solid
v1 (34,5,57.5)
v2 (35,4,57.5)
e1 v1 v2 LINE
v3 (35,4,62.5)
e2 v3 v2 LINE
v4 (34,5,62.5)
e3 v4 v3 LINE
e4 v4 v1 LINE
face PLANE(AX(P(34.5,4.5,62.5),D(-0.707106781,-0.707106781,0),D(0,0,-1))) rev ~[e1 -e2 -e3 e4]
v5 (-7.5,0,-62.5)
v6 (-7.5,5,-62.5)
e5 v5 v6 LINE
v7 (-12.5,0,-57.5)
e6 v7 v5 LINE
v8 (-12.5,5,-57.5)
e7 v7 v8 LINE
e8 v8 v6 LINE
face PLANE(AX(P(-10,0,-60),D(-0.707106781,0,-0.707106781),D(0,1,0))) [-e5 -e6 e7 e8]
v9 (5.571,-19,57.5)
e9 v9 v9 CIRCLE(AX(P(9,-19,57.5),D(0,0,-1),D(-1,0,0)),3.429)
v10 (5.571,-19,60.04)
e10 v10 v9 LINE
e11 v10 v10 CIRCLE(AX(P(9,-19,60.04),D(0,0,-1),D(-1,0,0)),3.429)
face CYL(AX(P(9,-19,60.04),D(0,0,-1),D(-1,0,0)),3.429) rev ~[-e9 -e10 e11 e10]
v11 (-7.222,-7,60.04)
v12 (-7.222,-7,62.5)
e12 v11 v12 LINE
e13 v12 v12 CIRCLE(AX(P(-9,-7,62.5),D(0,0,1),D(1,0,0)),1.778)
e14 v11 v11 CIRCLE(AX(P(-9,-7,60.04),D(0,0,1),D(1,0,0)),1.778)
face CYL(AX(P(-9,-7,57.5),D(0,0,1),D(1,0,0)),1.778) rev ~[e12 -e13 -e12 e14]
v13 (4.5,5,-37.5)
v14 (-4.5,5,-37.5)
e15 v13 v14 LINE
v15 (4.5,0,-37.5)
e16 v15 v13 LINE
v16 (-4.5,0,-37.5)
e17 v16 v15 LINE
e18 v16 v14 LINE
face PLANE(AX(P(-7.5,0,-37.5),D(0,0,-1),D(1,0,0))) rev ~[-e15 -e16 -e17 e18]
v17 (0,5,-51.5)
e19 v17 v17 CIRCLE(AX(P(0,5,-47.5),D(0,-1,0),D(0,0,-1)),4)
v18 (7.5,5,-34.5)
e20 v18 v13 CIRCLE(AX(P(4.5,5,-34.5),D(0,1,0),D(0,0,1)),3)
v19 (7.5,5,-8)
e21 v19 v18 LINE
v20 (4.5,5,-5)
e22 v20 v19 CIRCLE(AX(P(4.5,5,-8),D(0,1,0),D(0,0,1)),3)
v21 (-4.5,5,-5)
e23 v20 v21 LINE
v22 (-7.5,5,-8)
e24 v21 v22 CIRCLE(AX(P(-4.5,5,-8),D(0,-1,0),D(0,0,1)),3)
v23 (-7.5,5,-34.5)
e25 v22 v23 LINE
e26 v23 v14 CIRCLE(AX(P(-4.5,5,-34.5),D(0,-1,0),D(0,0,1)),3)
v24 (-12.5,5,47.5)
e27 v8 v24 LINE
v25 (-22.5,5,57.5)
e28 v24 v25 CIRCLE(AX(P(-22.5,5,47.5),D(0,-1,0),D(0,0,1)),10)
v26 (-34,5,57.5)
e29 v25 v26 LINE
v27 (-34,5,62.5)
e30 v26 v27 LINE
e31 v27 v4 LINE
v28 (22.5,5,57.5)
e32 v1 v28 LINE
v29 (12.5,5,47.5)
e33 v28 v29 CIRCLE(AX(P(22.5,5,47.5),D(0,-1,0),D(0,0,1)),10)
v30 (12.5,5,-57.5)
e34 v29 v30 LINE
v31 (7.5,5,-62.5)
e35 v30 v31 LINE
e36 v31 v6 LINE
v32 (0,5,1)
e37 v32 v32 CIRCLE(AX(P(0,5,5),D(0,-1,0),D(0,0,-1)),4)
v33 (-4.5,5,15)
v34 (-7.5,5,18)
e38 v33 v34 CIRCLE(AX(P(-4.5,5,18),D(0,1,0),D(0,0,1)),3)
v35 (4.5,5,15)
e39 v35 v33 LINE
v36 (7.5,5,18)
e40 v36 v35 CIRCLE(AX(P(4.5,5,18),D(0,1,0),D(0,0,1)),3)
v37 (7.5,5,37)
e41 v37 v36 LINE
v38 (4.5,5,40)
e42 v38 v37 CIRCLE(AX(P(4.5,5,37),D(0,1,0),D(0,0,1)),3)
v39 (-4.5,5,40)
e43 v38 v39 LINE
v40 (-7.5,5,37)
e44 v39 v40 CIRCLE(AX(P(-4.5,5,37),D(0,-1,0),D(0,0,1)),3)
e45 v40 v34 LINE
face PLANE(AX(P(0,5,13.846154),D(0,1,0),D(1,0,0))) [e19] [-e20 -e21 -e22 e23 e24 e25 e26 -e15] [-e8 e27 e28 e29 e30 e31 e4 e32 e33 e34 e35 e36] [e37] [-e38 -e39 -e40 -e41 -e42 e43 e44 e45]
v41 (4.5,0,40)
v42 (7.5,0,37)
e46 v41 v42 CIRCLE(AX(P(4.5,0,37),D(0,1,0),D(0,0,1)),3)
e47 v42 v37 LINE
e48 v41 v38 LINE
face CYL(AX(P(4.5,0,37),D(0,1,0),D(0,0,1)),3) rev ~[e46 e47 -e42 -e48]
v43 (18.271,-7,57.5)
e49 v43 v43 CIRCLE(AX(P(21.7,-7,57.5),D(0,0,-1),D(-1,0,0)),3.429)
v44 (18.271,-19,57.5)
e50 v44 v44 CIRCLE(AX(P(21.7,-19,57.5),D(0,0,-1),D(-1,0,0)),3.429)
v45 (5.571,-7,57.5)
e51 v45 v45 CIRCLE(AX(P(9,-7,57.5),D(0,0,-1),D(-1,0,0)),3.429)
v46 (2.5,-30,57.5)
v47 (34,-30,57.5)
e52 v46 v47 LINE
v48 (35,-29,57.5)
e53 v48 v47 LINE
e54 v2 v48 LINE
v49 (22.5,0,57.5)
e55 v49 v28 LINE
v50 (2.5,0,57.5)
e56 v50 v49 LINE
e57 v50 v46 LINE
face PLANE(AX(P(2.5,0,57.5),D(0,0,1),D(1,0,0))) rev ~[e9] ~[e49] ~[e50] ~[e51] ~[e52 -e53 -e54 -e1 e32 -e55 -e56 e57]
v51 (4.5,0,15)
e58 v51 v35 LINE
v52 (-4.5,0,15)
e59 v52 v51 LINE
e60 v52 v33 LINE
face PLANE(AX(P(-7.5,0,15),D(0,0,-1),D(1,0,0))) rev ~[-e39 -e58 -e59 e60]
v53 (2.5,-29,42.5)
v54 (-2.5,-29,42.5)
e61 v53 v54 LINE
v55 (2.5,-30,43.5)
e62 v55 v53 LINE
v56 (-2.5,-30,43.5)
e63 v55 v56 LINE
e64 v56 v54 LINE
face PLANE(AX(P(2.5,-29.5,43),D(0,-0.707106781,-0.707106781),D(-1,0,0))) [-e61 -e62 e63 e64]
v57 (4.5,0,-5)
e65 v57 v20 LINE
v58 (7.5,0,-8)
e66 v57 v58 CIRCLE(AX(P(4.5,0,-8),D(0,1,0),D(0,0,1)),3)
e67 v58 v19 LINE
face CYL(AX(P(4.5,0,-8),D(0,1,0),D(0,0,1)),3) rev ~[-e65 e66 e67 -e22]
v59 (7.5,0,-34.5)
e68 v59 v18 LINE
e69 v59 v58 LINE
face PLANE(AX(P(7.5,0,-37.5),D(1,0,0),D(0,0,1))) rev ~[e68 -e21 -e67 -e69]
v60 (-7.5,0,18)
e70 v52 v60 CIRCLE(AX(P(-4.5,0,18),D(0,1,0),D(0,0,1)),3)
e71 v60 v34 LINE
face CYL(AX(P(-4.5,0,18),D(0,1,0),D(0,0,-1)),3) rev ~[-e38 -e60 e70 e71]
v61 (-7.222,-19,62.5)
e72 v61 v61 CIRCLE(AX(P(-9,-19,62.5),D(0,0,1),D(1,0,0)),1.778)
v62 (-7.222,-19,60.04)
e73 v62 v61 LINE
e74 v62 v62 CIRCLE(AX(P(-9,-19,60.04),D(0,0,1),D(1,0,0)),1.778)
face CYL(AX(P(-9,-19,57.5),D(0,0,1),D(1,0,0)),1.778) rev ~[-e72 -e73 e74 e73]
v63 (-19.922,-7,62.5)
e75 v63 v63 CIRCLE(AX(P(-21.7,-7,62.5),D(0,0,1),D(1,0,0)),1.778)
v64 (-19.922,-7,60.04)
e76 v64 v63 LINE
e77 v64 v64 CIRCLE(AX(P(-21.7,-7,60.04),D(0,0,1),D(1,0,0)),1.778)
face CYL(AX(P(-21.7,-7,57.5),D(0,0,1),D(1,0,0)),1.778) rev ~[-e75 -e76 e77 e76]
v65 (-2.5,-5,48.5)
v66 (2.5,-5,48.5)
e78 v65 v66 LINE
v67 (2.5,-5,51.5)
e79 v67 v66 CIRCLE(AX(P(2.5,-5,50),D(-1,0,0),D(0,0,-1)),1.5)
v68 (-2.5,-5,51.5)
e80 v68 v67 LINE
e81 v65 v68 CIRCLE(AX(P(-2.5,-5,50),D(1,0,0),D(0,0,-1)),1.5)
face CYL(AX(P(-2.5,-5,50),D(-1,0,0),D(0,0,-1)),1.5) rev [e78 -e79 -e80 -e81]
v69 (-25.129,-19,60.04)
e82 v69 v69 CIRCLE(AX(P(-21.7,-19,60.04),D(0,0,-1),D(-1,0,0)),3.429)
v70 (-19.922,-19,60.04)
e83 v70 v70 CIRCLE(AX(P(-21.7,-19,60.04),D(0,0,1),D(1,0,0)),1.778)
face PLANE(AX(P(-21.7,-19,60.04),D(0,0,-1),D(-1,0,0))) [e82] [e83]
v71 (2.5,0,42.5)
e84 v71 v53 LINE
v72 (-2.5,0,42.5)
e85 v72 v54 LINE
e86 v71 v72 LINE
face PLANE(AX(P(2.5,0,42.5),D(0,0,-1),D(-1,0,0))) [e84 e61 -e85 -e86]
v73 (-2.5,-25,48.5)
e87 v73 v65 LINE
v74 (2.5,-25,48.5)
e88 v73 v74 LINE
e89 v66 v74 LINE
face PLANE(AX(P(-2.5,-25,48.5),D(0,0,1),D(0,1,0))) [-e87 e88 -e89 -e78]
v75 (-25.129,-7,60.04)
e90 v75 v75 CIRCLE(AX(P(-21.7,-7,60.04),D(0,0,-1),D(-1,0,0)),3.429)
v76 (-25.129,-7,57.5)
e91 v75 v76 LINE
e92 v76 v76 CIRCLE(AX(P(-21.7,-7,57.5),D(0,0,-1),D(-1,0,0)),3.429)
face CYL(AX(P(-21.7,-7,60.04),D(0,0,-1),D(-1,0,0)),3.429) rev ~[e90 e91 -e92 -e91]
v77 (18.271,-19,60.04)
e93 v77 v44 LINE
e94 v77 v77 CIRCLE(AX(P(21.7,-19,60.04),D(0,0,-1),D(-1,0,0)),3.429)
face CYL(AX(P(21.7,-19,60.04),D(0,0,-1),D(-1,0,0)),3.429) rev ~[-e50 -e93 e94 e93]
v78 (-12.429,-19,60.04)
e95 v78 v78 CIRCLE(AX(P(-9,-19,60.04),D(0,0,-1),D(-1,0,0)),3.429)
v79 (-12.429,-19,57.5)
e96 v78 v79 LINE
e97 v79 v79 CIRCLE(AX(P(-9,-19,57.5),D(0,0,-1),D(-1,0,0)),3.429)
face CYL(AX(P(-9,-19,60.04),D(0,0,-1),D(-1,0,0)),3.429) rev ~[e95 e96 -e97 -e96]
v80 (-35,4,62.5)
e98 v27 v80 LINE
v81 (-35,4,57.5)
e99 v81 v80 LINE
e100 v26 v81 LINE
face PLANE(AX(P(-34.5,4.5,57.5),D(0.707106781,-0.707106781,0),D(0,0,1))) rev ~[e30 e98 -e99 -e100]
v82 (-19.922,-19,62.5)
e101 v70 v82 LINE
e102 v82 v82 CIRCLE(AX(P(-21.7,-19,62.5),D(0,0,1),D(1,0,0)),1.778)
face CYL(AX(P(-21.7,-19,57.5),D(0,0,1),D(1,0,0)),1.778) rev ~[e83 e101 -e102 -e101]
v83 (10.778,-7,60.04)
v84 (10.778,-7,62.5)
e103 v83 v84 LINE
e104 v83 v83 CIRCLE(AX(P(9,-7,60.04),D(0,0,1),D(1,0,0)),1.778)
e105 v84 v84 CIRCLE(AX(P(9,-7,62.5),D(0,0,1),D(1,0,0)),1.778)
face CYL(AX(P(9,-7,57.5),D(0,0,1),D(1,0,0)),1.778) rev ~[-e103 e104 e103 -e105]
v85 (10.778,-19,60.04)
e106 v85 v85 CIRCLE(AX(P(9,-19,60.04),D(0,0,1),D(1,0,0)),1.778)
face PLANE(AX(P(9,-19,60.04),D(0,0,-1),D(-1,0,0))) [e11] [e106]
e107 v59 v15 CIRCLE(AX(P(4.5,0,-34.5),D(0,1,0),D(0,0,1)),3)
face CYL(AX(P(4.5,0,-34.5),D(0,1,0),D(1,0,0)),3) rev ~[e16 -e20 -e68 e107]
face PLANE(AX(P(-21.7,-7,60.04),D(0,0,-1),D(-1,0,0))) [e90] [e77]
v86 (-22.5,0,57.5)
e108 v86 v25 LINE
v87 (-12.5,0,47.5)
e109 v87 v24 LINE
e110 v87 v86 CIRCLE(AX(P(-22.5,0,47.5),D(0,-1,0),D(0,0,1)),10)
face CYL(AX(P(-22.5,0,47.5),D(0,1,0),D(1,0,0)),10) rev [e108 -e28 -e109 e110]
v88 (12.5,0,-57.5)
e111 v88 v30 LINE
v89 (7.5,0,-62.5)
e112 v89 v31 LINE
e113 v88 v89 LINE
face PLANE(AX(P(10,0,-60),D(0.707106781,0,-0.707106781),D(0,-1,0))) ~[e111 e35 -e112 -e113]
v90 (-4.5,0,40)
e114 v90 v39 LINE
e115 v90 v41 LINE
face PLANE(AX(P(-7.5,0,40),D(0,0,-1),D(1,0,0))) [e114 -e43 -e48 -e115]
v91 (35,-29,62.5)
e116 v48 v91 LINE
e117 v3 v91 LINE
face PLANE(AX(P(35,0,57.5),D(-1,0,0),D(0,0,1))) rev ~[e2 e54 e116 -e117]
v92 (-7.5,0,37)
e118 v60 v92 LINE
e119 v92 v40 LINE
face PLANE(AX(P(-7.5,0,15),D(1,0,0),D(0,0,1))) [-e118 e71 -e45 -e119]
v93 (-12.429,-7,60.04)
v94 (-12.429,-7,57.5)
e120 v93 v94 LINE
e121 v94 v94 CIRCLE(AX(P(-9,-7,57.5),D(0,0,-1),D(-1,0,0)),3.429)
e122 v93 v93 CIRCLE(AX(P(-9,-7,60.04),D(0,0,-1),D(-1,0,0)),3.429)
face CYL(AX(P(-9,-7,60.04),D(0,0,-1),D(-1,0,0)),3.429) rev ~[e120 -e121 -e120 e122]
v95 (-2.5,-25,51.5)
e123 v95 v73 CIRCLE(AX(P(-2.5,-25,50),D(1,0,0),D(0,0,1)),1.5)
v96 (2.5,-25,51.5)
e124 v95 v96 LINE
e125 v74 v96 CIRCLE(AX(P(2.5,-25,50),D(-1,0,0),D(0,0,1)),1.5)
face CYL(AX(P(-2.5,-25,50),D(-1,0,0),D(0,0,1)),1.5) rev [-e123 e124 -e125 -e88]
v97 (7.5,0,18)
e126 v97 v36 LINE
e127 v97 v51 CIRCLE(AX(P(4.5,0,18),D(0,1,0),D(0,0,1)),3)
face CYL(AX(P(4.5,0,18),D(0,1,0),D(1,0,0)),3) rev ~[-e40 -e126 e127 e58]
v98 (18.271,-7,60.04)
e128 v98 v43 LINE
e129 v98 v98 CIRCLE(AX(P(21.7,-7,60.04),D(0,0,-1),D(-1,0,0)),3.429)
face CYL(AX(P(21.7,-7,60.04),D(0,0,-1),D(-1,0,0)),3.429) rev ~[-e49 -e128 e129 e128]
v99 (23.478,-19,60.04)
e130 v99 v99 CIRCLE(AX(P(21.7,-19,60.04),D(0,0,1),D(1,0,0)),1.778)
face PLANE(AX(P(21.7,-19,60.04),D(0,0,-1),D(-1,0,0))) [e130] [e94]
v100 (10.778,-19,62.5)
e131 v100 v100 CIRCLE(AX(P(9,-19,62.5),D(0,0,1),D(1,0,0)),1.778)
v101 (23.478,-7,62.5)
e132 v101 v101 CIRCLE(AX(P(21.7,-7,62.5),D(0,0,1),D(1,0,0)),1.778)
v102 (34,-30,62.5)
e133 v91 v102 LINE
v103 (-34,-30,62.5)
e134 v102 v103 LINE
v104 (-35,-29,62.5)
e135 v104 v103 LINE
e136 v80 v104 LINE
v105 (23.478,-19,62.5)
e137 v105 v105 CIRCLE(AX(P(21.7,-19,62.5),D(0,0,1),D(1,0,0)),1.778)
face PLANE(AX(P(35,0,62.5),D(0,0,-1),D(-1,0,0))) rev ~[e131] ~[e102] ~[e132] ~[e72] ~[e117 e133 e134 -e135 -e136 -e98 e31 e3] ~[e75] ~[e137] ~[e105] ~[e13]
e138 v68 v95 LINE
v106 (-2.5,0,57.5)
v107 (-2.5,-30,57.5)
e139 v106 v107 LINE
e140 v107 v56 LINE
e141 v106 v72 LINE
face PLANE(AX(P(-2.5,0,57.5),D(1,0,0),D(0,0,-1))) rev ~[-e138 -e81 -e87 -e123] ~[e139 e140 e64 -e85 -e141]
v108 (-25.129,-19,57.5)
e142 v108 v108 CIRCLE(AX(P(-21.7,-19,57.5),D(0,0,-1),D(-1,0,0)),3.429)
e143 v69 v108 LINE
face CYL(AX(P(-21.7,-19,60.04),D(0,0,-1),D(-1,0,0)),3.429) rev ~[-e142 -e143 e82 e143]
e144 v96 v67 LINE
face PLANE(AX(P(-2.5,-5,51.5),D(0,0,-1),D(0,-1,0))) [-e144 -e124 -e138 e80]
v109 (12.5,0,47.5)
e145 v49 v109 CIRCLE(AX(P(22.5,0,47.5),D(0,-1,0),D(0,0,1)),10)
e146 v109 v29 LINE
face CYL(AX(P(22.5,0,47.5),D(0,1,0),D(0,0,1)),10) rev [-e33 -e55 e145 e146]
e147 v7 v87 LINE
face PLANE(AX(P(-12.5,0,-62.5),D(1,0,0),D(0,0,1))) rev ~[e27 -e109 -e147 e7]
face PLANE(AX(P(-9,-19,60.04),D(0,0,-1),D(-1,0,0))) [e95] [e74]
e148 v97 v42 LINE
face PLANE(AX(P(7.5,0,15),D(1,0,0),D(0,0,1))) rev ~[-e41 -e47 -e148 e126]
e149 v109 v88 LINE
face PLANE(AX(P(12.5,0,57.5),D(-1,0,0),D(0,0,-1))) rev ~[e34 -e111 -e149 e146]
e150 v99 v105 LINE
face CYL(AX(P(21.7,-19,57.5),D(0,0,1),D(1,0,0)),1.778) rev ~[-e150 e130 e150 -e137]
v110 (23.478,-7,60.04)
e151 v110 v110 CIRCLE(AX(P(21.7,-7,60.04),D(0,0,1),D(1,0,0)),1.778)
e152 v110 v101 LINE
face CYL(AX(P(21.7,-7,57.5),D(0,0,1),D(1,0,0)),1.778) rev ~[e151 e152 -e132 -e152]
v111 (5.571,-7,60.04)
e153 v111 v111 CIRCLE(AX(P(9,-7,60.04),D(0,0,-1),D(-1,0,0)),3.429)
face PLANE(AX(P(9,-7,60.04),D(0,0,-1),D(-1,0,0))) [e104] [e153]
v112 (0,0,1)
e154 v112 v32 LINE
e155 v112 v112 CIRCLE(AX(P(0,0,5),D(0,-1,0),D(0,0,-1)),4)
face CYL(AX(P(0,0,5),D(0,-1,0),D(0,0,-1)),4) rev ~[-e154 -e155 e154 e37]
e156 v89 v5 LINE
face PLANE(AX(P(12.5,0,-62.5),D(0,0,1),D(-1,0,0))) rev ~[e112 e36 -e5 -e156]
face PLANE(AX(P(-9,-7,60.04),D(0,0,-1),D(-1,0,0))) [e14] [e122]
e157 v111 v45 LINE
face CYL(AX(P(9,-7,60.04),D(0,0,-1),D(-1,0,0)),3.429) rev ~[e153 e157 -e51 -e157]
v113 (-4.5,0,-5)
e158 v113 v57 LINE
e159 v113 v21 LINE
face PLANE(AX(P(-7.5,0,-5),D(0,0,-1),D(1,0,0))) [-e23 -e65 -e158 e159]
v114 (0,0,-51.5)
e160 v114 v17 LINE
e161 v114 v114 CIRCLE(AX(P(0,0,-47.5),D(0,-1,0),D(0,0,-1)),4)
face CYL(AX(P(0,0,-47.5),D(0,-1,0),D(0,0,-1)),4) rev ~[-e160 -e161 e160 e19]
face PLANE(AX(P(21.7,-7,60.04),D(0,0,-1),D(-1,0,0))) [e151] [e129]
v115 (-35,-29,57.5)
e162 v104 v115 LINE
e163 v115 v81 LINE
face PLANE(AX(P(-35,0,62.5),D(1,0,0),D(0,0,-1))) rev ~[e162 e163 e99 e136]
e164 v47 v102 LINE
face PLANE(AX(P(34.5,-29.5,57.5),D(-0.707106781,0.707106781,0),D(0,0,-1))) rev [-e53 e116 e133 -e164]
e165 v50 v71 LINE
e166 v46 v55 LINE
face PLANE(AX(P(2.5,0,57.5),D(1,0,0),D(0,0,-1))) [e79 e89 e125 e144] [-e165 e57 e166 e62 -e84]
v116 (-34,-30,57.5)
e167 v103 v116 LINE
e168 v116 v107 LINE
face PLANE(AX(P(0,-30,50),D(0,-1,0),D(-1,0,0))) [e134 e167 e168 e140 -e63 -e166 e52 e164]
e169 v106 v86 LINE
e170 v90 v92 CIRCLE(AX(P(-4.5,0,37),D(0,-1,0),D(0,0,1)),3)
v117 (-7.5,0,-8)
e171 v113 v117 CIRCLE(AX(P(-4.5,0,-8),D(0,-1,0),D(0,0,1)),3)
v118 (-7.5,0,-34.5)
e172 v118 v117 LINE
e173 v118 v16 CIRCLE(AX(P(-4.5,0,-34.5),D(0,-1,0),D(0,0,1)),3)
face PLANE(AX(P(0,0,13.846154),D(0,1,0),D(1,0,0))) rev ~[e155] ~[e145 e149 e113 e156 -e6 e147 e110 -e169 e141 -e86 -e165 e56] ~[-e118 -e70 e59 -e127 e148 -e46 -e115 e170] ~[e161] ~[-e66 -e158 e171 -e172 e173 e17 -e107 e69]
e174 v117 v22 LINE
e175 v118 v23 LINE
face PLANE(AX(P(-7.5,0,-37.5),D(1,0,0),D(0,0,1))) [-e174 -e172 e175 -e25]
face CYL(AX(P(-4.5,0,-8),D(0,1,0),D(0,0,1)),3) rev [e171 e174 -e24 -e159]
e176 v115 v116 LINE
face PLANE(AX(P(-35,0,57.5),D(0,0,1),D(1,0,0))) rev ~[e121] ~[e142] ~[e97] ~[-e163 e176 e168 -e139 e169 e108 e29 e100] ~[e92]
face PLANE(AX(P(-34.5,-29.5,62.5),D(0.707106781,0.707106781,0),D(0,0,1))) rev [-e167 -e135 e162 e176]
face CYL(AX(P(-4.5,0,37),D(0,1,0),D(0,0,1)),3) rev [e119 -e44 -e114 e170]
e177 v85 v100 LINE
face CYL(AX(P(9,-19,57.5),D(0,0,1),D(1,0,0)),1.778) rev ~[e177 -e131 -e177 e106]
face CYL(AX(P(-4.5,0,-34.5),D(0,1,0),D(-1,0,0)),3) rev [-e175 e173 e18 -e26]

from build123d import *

# Parameters (mm, degrees)
BOSS_EXTRUDE1_DEPTH = 5
CHAMFER1_SIZE       = 5
BOSS_EXTRUDE3_DEPTH = 30
HOLE1_D             = 3.556
HOLE1_CBORE_D       = 6.858
HOLE1_CBORE_DEPTH   = 2.54
SKETCH9_R           = 4
CUT_EXTRUDE2_DEPTH  = 78.661122835
SKETCH10_W          = 15
SKETCH10_H          = 32.5
CUT_EXTRUDE3_DEPTH  = 78.661122835
CUT_EXTRUDE4_DEPTH  = 79.819413852
FILLET5_R           = 10
SKETCH13_W          = 15
SKETCH13_H          = 25
CUT_EXTRUDE5_DEPTH  = 78.661122835
FILLET3_R           = 3
CHAMFER3_SIZE       = 1


with BuildPart() as part:
    # Sketch1 → Boss-Extrude1 (new body)
    with BuildSketch(Plane(origin=(0, 0, 0), x_dir=(1, 0, 0), z_dir=(0, 1, 0))):
        Polygon((-12.5, 62.5), (-12.5, -57.5), (-35, -57.5), (-35, -62.5), (35, -62.5), (35, -57.5), (12.5, -57.5), (12.5, 62.5), align=None)
    extrude(amount=BOSS_EXTRUDE1_DEPTH)

    # Chamfer1
    chamfer1_edges = [part.edges().sort_by_distance(p)[0] for p in [
        (-12.5, 2.5, -62.5),
        (12.5, 2.5, -62.5),
    ]]
    chamfer(chamfer1_edges, length=CHAMFER1_SIZE)

    # Sketch5 → Boss-Extrude3 (add)
    with BuildSketch(Plane(origin=(0, 0, 0), x_dir=(-1, 0, 0), z_dir=(0, -1, 0))):
        Polygon((-35, -57.5), (-35, -62.5), (35, -62.5), (35, -57.5), (2.5, -57.5), (2.5, -42.5), (-2.5, -42.5), (-2.5, -57.5), align=None)
    extrude(amount=BOSS_EXTRUDE3_DEPTH)

    # Hole1 (through all)
    with Locations(Plane(origin=(0, 0, 57.5), x_dir=(-1, 0, 0), z_dir=(0, 0, -1))):
        with Locations((-21.7, -7), (-9, -7), (9, -7), (21.7, -7), (-9, -19), (-21.7, -19), (9, -19), (21.7, -19)):
            CounterBoreHole(HOLE1_D / 2, HOLE1_CBORE_D / 2, HOLE1_CBORE_DEPTH)

    # Sketch9 → Cut-Extrude2 (cut, through all)
    with BuildSketch(Plane.XZ):
        with Locations((0, -47.5)):
            Circle(SKETCH9_R)
        with Locations((0, 5)):
            Circle(SKETCH9_R)
    extrude(amount=-CUT_EXTRUDE2_DEPTH, mode=Mode.SUBTRACT)

    # Sketch10 → Cut-Extrude3 (cut, through all)
    with BuildSketch(Plane.XZ):
        with Locations((0, -21.25)):
            Rectangle(SKETCH10_W, SKETCH10_H)
    extrude(amount=-CUT_EXTRUDE3_DEPTH, mode=Mode.SUBTRACT)

    # Sketch12 → Cut-Extrude4 (cut, through all)
    with BuildSketch(Plane.ZY.offset(2.5)):
        with BuildLine():
            Line((51.5, -5), (51.5, -25))
            ThreePointArc((51.5, -25), (50, -26.5), (48.5, -25))
            Line((48.5, -25), (48.5, -5))
            ThreePointArc((48.5, -5), (50, -3.5), (51.5, -5))
        make_face()
    extrude(amount=-CUT_EXTRUDE4_DEPTH, mode=Mode.SUBTRACT)

    # Fillet5
    fillet5_edges = [part.edges().sort_by_distance(p)[0] for p in [
        (-12.5, 2.5, 57.5),
        (12.5, 2.5, 57.5),
    ]]
    fillet(fillet5_edges, radius=FILLET5_R)

    # Sketch13 → Cut-Extrude5 (cut, through all)
    with BuildSketch(Plane.XZ):
        with Locations((0, 27.5)):
            Rectangle(SKETCH13_W, SKETCH13_H)
    extrude(amount=-CUT_EXTRUDE5_DEPTH, mode=Mode.SUBTRACT)

    # Fillet3
    fillet3_edges = [part.edges().sort_by_distance(p)[0] for p in [
        (7.5, 2.5, -5),
        (-7.5, 2.5, -5),
        (-7.5, 2.5, -37.5),
        (7.5, 2.5, -37.5),
        (-7.5, 2.5, 15),
        (-7.5, 2.5, 40),
        (7.5, 2.5, 40),
        (7.5, 2.5, 15),
    ]]
    fillet(fillet3_edges, radius=FILLET3_R)

    # Chamfer3
    chamfer3_edges = [part.edges().sort_by_distance(p)[0] for p in [
        (35, 5, 60),
        (-35, 5, 60),
        (35, -30, 60),
        (-35, -30, 60),
        (0, -30, 42.5),
    ]]
    chamfer(chamfer3_edges, length=CHAMFER3_SIZE)


solid = part.part
